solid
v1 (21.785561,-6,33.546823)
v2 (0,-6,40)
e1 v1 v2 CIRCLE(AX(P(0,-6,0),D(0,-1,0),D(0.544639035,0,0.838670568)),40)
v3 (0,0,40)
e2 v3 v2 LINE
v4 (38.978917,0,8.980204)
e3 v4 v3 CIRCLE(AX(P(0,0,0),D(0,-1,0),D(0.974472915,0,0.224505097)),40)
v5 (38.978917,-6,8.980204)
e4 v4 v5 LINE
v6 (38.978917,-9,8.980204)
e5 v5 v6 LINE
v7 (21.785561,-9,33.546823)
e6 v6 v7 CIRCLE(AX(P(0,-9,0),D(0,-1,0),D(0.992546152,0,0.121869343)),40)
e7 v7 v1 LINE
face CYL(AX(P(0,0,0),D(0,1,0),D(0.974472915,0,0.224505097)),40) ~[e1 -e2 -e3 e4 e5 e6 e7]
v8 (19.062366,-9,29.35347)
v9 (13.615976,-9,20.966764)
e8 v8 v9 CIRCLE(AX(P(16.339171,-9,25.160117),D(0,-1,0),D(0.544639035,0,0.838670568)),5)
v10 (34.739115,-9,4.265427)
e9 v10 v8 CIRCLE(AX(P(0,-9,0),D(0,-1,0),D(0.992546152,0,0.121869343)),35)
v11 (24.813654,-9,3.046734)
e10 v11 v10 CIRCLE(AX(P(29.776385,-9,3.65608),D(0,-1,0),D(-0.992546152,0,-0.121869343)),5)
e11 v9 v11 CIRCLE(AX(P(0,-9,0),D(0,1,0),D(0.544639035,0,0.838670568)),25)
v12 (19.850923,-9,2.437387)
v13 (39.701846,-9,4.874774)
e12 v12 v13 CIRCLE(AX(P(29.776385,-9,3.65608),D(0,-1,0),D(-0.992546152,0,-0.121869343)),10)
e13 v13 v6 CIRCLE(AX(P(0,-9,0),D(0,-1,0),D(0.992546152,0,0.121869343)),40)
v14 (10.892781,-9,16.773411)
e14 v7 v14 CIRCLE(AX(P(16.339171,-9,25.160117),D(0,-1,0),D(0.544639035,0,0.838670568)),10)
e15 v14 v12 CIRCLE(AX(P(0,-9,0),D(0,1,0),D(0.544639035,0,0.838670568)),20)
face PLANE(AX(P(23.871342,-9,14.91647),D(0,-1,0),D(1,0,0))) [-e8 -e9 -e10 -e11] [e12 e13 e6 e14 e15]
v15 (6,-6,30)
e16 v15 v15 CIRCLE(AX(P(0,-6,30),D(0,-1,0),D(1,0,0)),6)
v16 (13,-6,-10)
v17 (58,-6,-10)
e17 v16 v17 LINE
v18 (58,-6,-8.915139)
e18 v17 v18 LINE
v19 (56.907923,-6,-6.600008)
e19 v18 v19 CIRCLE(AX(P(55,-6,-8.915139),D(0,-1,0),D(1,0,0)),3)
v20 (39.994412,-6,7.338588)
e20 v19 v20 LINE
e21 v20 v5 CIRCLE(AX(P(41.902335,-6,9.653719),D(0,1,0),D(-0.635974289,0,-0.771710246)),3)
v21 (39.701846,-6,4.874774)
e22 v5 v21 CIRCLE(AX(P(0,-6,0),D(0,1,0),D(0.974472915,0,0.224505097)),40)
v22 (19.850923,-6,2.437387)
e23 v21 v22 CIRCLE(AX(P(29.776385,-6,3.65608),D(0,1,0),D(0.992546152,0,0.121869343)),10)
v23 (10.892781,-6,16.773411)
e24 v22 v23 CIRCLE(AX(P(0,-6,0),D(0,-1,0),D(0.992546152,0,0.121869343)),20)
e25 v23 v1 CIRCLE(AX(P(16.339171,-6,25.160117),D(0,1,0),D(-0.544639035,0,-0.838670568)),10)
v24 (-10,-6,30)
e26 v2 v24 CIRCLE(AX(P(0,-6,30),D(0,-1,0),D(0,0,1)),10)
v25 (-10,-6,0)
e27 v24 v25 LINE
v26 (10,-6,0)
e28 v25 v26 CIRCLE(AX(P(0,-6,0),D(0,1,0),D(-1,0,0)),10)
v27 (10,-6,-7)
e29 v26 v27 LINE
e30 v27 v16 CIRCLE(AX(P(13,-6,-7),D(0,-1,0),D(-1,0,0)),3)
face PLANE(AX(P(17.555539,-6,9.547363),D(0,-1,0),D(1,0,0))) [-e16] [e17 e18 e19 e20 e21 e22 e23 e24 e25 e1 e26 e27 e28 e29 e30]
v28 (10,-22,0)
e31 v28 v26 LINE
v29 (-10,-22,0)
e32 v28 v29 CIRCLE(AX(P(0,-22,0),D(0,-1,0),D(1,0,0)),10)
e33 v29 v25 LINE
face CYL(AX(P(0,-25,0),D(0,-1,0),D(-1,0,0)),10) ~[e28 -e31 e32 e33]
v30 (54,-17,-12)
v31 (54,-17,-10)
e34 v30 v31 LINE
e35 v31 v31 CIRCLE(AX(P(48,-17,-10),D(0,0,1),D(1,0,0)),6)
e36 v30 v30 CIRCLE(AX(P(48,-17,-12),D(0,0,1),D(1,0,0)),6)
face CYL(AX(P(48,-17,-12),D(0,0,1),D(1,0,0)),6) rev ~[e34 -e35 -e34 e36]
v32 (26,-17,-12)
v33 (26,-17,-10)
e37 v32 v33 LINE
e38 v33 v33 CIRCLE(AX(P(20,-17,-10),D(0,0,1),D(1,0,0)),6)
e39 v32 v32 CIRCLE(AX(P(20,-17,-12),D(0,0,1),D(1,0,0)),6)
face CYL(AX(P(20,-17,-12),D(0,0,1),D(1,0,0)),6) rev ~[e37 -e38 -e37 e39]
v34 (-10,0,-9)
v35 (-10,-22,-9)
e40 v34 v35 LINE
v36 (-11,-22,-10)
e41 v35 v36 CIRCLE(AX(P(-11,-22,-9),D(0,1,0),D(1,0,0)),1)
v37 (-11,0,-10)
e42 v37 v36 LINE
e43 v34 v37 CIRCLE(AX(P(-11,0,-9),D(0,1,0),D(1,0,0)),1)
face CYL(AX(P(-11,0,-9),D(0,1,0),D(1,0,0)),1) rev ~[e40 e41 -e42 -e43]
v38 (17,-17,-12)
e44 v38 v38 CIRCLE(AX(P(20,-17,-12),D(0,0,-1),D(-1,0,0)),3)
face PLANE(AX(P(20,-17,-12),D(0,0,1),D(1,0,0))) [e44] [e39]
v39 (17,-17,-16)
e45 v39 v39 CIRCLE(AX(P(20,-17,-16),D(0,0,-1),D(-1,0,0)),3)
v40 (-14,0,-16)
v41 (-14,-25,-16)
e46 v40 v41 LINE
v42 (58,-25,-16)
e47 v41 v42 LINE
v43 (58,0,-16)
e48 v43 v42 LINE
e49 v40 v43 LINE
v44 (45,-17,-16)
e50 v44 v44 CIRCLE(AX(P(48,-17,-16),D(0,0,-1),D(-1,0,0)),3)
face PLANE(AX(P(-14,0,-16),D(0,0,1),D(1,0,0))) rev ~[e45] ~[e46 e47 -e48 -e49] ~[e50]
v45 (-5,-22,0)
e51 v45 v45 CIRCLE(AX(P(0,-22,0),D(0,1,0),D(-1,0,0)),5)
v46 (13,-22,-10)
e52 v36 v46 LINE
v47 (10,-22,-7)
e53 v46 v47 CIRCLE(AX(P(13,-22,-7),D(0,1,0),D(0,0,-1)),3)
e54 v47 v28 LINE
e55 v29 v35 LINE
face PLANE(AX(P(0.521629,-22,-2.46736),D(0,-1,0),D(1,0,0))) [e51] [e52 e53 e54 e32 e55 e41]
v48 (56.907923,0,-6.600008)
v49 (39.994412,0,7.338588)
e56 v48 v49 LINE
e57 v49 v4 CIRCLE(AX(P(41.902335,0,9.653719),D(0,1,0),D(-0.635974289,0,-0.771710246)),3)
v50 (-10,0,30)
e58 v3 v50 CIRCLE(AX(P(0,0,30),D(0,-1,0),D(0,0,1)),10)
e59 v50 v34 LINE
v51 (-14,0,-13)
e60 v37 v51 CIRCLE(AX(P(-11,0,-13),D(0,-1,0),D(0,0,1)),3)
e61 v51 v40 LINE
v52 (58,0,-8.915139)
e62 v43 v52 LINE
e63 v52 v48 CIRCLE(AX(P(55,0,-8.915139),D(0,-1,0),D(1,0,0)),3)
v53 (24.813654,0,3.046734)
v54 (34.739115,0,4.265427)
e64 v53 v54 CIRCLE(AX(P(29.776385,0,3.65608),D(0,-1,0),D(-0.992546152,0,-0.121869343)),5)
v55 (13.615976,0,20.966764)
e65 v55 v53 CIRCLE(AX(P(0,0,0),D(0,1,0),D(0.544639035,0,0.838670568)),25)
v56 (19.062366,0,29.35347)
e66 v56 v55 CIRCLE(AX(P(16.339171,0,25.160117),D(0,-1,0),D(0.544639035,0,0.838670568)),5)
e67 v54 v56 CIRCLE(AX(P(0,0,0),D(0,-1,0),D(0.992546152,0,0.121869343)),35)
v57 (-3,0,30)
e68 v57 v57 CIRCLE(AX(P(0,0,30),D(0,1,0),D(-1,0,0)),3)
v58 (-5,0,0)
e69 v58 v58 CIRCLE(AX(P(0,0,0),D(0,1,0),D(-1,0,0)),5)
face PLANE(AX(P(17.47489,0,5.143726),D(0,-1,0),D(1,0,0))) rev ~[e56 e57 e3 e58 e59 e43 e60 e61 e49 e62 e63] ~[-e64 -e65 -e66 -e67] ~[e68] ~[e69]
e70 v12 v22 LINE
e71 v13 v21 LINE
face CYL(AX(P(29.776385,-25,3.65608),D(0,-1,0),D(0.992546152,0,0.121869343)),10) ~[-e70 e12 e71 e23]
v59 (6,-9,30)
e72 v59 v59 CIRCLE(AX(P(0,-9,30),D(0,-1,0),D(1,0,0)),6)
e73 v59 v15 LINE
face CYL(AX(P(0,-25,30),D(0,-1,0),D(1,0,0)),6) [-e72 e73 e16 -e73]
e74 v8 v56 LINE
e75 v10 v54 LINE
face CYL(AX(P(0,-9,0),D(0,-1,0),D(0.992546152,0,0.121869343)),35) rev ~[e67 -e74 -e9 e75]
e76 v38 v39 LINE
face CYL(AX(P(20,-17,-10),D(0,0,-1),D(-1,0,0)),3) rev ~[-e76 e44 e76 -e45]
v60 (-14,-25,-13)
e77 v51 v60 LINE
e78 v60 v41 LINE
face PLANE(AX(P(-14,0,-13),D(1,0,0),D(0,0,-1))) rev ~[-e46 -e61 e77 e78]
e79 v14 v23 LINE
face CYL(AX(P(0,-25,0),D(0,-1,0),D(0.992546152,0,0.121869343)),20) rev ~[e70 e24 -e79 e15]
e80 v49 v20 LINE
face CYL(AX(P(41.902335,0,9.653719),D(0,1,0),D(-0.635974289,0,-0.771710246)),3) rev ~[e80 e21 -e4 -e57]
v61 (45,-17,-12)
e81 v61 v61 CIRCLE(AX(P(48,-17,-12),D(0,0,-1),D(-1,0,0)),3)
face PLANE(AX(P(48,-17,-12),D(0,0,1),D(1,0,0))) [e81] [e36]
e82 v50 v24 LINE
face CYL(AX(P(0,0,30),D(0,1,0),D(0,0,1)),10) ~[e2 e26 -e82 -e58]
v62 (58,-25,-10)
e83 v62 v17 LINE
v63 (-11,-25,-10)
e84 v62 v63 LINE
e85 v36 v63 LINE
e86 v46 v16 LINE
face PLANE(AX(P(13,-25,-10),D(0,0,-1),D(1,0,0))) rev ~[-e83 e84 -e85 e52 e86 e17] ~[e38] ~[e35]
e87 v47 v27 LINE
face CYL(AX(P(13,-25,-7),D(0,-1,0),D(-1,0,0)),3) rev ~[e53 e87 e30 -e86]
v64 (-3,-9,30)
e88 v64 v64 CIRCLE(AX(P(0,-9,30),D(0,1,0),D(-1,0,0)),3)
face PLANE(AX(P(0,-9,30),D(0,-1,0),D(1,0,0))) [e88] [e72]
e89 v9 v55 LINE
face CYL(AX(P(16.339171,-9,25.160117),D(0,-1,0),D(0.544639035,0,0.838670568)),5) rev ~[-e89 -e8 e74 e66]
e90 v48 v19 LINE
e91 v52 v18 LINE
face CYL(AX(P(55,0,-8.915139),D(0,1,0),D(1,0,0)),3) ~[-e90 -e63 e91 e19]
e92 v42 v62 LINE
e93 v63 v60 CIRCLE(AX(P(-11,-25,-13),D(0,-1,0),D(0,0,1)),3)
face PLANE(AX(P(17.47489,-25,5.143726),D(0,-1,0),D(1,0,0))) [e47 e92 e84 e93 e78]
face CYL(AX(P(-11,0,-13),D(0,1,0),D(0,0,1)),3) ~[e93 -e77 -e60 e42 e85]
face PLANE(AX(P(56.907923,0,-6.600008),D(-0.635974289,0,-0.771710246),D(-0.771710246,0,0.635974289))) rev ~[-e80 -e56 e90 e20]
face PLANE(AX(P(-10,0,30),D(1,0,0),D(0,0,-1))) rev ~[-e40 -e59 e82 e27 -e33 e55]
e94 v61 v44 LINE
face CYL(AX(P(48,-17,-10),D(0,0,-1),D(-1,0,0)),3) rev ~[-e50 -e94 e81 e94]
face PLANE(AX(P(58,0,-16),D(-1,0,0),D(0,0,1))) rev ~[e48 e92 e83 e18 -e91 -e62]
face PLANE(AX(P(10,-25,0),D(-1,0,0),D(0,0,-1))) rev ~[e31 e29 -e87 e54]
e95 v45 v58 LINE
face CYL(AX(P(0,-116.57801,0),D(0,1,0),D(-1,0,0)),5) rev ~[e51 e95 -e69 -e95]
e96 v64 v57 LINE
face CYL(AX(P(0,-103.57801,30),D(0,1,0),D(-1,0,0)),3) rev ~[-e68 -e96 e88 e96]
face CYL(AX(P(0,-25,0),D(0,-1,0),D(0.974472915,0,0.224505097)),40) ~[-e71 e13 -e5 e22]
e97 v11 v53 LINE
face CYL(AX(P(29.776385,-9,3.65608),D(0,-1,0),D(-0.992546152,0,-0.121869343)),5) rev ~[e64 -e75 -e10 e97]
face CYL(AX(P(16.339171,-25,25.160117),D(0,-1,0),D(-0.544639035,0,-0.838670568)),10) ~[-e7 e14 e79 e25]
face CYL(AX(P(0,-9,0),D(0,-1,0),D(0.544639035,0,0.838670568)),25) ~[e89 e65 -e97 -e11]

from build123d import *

# Parameters (mm, degrees)
F1_DEPTH        = 25
F2_R            = 6
F3_DEPTH        = 19
F4_R            = 6
F5_DEPTH        = 16
F7_DEPTH        = 3
F9_D            = 10
F11_D           = 6
F13_DEPTH       = 9
F15_D           = 6
F15_CBORE_D     = 12
F15_CBORE_DEPTH = 2


with BuildPart() as f1:
    # F0 (on Front) → F1 (new body)
    with BuildSketch(Plane.XZ):
        with BuildLine():
            Line((-14, -16), (0, -16))
            Line((0, -16), (58, -16))
            Line((58, -16), (58, -8.9151388271))
            ThreePointArc((58, -8.9151388271), (57.7132792525, -7.6352498874), (56.9079228681, -6.6000080901))
            Line((56.9079228681, -6.6000080901), (39.9944124577, 7.3385884551))
            ThreePointArc((39.9944124577, 7.3385884551), (39.3510237496, 8.0754894114), (38.9789165822, 8.9802038996))
            ThreePointArc((38.9789165822, 8.9802038996), (24.9077482324, 31.2986274139), (0, 40))
            ThreePointArc((0, 40), (-7.0710678119, 37.0710678119), (-10, 30))
            Line((-10, 30), (-10, -9))
            ThreePointArc((-10, -9), (-10.2928932188, -9.7071067812), (-11, -10))
            ThreePointArc((-11, -10), (-13.1213203436, -10.8786796564), (-14, -13))
            Line((-14, -13), (-14, -16))
        make_face()
    extrude(amount=F1_DEPTH)

    # F2 (on face) → F3 (cut)
    with BuildSketch(Plane.XZ.offset(25)):
        with BuildLine():
            ThreePointArc((-10, 0), (0, 10), (10, 0))
            Line((10, 0), (10, -7))
            ThreePointArc((10, -7), (10.8786796564, -9.1213203436), (13, -10))
            Line((13, -10), (58, -10))
            Line((58, -10), (58, -8.9151388271))
            ThreePointArc((58, -8.9151388271), (57.7132792525, -7.6352498874), (56.9079228681, -6.6000080901))
            Line((56.9079228681, -6.6000080901), (39.9944124577, 7.3385884551))
            ThreePointArc((39.9944124577, 7.3385884551), (39.3510237496, 8.0754894114), (38.9789165822, 8.9802038996))
            ThreePointArc((38.9789165822, 8.9802038996), (39.3938985367, 6.9369127198), (39.7018460657, 4.8747737362))
            ThreePointArc((39.7018460657, 4.8747737362), (30.9950779833, -6.2693812143), (19.8509230328, 2.4373868681))
            ThreePointArc((19.8509230328, 2.4373868681), (16.9609619231, 10.5983852847), (10.8927807003, 16.7734113589))
            ThreePointArc((10.8927807003, 16.7734113589), (7.952465371, 30.6065073885), (21.7855614006, 33.5468227178))
            ThreePointArc((21.7855614006, 33.5468227178), (11.3606137882, 38.3527893947), (0, 40))
            ThreePointArc((0, 40), (-7.0710678119, 37.0710678119), (-10, 30))
            Line((-10, 30), (-10, 0))
        make_face()
        with Locations((0, 30)):
            Circle(F2_R, mode=Mode.SUBTRACT)
    extrude(amount=-F3_DEPTH, mode=Mode.SUBTRACT)

    # F4 (on face) → F5 (cut)
    with BuildSketch(Plane.XZ.offset(25)):
        with Locations((0, 30)):
            Circle(F4_R)
        with BuildLine():
            ThreePointArc((39.7018460657, 4.8747737362), (33.9219238463, 21.1967705693), (21.7855614006, 33.5468227178))
            ThreePointArc((21.7855614006, 33.5468227178), (7.952465371, 30.6065073885), (10.8927807003, 16.7734113589))
            ThreePointArc((10.8927807003, 16.7734113589), (16.9609619231, 10.5983852847), (19.8509230328, 2.4373868681))
            ThreePointArc((19.8509230328, 2.4373868681), (30.9950779833, -6.2693812143), (39.7018460657, 4.8747737362))
        make_face()
    extrude(amount=-F5_DEPTH, mode=Mode.SUBTRACT)

    # F6 (on face) → F7 (cut)
    with BuildSketch(Plane.XZ.offset(25)):
        with BuildLine():
            Line((-11, -10), (13, -10))
            ThreePointArc((13, -10), (10.8786796564, -9.1213203436), (10, -7))
            Line((10, -7), (10, 0))
            ThreePointArc((10, 0), (0, 10), (-10, 0))
            Line((-10, 0), (-10, -9))
            ThreePointArc((-10, -9), (-10.2928932188, -9.7071067812), (-11, -10))
        make_face()
    extrude(amount=-F7_DEPTH, mode=Mode.SUBTRACT)

    # F9 (through all)
    with Locations(Plane.XZ.offset(22)):
        with Locations((0, 0)):
            Hole(F9_D / 2)

    # F11 (through all)
    with Locations(Plane.XZ.offset(9)):
        with Locations((0, 30)):
            Hole(F11_D / 2)

    # F12 (on face) → F13 (cut)
    with BuildSketch(Plane.XZ.offset(9)):
        with BuildLine():
            ThreePointArc((34.7391153074, 4.2654270192), (29.6816833655, 18.5471742482), (19.0623662255, 29.3534698781))
            ThreePointArc((19.0623662255, 29.3534698781), (12.1458182107, 27.8833122134), (13.6159758754, 20.9667641986))
            ThreePointArc((13.6159758754, 20.9667641986), (21.2012024039, 13.2479816058), (24.813653791, 3.0467335851))
            ThreePointArc((24.813653791, 3.0467335851), (30.3857312663, -1.3066504561), (34.7391153074, 4.2654270192))
        make_face()
    extrude(amount=-F13_DEPTH, mode=Mode.SUBTRACT)

    # F15 (through all)
    with Locations(Plane.XY.offset(-10)):
        with Locations((20, -17), (48, -17)):
            CounterBoreHole(F15_D / 2, F15_CBORE_D / 2, F15_CBORE_DEPTH)


solid = f1.part
